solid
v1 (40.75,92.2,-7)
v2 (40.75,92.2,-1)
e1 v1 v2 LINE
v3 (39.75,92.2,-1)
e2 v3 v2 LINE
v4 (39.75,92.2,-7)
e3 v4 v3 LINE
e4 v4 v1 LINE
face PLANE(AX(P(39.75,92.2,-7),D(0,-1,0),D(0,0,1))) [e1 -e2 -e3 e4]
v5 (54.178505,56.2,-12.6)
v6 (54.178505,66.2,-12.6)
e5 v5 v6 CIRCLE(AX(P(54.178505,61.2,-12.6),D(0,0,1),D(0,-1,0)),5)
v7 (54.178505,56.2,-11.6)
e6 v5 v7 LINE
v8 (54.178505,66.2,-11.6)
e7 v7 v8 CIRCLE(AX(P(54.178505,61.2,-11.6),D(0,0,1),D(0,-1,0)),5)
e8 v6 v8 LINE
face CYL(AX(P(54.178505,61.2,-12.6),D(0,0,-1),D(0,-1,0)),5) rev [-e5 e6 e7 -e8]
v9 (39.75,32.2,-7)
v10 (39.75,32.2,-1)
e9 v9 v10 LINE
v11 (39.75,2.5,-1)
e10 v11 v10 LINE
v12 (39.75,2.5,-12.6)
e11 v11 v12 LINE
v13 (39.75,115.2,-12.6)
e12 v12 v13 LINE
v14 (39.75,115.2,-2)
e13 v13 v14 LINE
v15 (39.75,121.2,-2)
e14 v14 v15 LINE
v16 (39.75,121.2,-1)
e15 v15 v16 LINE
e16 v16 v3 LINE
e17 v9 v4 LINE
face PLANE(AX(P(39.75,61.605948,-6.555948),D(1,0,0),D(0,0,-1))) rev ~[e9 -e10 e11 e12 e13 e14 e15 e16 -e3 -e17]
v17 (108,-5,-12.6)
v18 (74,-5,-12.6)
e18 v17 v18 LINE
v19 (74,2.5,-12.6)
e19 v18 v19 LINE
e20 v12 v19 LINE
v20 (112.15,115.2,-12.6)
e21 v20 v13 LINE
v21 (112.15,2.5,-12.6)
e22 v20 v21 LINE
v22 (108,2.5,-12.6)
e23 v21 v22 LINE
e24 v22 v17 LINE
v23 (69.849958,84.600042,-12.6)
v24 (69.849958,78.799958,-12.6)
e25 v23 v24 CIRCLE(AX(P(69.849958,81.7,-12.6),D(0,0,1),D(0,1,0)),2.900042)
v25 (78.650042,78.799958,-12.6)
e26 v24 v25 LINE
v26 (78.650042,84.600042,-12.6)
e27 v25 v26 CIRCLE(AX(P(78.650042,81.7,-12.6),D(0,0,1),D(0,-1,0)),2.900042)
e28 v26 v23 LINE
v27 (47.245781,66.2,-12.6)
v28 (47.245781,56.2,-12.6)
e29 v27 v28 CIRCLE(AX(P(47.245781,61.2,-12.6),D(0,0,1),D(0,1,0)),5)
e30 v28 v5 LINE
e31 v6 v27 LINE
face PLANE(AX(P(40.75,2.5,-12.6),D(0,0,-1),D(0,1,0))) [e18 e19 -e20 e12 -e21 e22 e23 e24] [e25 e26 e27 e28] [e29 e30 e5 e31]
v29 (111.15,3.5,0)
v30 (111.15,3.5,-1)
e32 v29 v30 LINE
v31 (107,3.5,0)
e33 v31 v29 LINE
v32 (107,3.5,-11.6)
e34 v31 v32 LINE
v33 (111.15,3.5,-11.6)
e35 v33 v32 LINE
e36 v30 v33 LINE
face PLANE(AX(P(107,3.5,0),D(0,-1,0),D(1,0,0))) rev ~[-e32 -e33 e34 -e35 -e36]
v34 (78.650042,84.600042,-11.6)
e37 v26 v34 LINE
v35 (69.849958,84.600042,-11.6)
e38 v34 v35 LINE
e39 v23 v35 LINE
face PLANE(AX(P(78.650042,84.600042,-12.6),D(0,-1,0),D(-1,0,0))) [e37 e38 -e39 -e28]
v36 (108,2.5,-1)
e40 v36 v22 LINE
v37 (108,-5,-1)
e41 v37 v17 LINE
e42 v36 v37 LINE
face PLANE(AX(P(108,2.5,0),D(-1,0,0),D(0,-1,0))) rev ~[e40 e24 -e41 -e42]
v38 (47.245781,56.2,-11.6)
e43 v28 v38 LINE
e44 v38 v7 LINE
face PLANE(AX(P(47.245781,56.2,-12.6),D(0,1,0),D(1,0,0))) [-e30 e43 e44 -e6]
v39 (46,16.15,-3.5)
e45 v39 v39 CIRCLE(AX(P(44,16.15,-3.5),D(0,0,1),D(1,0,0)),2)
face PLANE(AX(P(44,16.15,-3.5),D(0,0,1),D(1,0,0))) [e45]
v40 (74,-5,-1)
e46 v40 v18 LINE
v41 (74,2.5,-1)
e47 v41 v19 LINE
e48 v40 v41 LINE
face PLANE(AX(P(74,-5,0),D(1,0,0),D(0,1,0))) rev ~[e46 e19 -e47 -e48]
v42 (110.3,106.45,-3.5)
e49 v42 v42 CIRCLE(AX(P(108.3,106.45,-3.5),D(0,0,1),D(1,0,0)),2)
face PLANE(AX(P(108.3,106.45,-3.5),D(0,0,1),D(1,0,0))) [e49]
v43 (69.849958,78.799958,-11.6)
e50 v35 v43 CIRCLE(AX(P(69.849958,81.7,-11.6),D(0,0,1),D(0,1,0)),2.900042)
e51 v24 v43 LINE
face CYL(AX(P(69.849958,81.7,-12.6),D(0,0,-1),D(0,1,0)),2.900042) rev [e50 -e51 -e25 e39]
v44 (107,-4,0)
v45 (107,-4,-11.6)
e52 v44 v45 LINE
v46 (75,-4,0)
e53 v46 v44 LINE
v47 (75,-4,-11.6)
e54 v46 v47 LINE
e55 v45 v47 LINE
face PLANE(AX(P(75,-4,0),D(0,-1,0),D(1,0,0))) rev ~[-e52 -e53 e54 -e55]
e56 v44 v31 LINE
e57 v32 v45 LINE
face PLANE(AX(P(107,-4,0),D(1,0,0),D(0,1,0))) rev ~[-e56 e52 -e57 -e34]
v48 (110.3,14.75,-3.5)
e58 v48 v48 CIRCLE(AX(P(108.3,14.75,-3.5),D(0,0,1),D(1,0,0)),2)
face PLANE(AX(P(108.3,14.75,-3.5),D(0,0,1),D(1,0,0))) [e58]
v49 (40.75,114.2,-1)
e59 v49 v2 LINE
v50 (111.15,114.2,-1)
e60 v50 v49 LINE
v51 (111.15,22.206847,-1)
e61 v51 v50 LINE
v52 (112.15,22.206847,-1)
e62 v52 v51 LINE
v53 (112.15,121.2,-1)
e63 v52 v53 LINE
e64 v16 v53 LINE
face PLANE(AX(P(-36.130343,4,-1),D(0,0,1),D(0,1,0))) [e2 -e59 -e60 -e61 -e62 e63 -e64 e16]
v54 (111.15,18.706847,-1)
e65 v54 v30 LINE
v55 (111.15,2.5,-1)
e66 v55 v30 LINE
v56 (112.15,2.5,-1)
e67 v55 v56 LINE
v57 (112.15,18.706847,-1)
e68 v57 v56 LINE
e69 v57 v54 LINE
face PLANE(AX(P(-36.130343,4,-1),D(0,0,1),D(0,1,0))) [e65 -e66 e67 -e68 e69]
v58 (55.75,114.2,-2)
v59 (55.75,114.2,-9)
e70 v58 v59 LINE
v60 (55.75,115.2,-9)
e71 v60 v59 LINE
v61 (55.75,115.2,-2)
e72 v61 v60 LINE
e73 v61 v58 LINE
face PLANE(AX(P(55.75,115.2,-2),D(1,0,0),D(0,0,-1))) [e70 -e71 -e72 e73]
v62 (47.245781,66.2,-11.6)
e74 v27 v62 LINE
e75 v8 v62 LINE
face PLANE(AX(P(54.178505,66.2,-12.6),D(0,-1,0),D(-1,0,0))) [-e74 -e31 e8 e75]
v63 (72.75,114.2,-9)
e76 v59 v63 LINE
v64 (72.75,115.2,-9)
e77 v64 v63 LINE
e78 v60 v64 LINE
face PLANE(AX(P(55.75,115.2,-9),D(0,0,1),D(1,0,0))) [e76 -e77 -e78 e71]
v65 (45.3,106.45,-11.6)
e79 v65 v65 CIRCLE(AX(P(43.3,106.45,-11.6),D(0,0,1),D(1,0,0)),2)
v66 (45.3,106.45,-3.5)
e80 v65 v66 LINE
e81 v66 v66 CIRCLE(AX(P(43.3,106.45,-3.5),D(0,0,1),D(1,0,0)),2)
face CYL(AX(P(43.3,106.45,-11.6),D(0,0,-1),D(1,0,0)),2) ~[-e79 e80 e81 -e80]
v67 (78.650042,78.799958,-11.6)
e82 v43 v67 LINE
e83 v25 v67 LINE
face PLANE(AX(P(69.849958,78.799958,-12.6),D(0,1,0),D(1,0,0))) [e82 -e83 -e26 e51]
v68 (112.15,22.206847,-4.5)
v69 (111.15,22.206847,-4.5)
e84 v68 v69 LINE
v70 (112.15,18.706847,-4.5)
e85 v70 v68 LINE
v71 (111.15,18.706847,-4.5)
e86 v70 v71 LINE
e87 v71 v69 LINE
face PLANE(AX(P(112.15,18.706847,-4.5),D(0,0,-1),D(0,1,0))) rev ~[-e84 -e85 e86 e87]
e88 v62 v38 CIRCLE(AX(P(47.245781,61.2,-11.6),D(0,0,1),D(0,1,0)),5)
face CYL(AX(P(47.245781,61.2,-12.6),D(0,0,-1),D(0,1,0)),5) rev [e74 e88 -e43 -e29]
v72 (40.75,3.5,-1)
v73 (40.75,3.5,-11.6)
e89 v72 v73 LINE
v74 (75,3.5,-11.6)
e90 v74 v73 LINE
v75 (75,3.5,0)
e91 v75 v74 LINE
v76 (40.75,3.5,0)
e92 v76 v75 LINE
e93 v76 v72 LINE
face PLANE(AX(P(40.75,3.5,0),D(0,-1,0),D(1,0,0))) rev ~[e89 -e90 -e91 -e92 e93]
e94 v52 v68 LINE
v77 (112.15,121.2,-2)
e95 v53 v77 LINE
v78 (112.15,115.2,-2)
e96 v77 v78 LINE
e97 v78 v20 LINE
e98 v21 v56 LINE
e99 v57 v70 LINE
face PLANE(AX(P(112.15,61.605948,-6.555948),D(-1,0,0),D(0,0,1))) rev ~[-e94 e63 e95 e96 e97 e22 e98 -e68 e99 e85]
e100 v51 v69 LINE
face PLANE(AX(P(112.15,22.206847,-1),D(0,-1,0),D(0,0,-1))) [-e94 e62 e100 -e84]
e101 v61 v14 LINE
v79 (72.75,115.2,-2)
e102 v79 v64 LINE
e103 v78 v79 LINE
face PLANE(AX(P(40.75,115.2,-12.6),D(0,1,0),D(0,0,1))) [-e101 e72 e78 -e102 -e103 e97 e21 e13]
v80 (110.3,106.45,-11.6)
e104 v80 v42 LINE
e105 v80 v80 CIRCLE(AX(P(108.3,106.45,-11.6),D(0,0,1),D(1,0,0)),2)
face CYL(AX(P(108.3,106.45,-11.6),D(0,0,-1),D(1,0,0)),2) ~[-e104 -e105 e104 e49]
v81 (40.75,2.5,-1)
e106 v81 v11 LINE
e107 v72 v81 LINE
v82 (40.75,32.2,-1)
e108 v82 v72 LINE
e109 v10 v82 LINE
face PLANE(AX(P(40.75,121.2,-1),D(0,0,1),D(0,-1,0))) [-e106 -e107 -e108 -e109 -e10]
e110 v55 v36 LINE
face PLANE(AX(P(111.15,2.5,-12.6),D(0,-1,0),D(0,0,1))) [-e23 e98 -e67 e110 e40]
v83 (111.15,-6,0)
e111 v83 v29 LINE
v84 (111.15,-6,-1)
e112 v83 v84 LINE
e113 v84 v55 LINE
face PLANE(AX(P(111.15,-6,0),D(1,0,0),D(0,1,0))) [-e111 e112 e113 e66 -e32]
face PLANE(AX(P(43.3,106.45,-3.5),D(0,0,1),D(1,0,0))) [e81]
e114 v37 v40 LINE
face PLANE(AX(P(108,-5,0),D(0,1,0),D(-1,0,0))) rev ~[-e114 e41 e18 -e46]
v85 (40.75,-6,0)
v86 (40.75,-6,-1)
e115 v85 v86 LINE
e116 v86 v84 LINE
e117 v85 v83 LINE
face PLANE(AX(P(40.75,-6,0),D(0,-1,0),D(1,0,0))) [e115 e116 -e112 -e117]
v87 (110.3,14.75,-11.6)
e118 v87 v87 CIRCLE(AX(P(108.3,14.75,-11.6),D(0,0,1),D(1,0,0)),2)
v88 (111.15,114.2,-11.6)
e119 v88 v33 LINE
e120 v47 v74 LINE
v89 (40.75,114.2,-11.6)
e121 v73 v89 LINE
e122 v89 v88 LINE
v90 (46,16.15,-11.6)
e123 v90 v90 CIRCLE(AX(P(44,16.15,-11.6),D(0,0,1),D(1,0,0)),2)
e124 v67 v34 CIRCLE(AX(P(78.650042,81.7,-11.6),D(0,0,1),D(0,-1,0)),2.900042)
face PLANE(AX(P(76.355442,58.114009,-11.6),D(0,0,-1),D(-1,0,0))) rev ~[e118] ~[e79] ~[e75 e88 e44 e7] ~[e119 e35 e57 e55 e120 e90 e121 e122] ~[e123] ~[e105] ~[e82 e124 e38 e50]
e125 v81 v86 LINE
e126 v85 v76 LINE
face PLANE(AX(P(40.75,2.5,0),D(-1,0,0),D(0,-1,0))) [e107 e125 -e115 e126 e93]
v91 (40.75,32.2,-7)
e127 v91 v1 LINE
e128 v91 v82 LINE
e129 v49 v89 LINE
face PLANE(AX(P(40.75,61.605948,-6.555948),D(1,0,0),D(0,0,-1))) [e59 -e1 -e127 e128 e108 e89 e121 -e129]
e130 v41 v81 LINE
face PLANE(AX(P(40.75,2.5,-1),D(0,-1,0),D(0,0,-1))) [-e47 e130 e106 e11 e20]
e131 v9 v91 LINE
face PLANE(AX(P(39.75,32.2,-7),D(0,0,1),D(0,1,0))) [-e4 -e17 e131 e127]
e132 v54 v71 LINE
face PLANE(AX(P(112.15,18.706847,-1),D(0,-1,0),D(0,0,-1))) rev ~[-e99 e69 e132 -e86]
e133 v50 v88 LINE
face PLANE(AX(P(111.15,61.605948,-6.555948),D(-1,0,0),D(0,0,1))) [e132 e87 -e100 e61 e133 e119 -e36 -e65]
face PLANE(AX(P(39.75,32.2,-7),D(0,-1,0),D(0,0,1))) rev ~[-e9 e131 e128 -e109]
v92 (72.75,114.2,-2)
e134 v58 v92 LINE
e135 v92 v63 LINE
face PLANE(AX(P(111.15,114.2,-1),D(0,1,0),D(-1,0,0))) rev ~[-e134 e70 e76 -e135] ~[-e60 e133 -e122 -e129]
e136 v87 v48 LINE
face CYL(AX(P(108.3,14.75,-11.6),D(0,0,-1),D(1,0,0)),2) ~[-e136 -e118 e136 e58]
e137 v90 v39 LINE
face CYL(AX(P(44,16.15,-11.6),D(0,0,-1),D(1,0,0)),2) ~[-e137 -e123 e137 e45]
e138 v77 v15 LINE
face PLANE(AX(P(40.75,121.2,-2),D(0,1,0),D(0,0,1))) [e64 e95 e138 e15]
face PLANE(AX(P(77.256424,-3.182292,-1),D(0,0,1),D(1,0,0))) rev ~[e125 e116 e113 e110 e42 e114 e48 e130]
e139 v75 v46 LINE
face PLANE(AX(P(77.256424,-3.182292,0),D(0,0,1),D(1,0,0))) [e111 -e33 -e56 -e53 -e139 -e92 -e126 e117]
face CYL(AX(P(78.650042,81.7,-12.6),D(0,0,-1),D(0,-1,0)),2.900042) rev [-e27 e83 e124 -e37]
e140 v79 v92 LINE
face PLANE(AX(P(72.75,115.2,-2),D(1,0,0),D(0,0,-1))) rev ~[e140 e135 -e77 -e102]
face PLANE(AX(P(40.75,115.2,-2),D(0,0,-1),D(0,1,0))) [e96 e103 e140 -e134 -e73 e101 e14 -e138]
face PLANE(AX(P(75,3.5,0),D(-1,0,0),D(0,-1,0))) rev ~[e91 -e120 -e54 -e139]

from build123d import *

# Parameters (mm, degrees)
ESBO_O1_W                     = 170.2
ESBO_O1_H                     = 111.2
RESSALTO_EXTRUS_O1_DEPTH      = 0.9
ESBO_O4_W                     = 176.2
ESBO_O4_H                     = 117.2
RESSALTO_EXTRUS_O3_DEPTH      = 1
ESBO_O5_W                     = 32
ESBO_O5_H                     = 1.9
CORTE_EXTRUS_O3_DEPTH         = 5
ESBO_O7_W                     = 70.4
ESBO_O7_H                     = 6
ESBO_O7_H_2                   = 1
RESSALTO_EXTRUS_O4_DEPTH      = 1
ESBO_O7_3_W                   = 70.4
ESBO_O7_3_H                   = 1
RESSALTO_EXTRUS_O5_DEPTH      = 11.6
RESSALTO_EXTRUS_O6_START      = 11.6
RESSALTO_EXTRUS_O6_DEPTH      = 1
RESSALTO_EXTRUS_O7_DEPTH      = 11.6
RESSALTO_EXTRUS_O7_DEPTH_BACK = 1
RESSALTO_EXTRUS_O8_START      = -1
RESSALTO_EXTRUS_O8_DEPTH      = 1
RESSALTO_EXTRUS_O9_DEPTH      = 1
RESSALTO_EXTRUS_O10_DEPTH     = 1
ESBO_O11_W                    = 6
ESBO_O11_H                    = 60
CORTE_EXTRUS_O4_DEPTH         = 1
ESBO_O12_W                    = 3.5
ESBO_O12_H                    = 3.5
CORTE_EXTRUS_O5_DEPTH         = 1
ESBO_O13_W                    = 17
ESBO_O13_H                    = 7
CORTE_EXTRUS_O6_DEPTH         = 1
CORTE_EXTRUS_O7_DEPTH         = 1
CORTE_EXTRUS_O8_DEPTH         = 1
CORTE_EXTRUS_O9_DEPTH         = 215.230343322
CORTE_EXTRUS_O9_DEPTH_BACK    = 215.230343322
ESBO_O17_W                    = 40.80761737
ESBO_O17_H                    = 153.828822039
ESBO_O18_R                    = 2
RESSALTO_EXTRUS_O11_DEPTH     = 8.1


with BuildPart() as part:
    # Esboço1 → Ressalto-extrusão1 (new body)
    with BuildSketch(Plane.XY):
        with Locations((91, 62.6)):
            Rectangle(ESBO_O1_W, ESBO_O1_H)
    extrude(amount=RESSALTO_EXTRUS_O1_DEPTH)

    # Esboço4 → Ressalto-extrusão3 (add)
    with BuildSketch(Plane(origin=(0, 0, 0), x_dir=(-1, 0, 0), z_dir=(0, 0, -1))):
        with Locations((-91, 62.6)):
            Rectangle(ESBO_O4_W, ESBO_O4_H)
    extrude(amount=RESSALTO_EXTRUS_O3_DEPTH)

    # Esboço5 → Corte-extrusão3 (cut)
    with BuildSketch(Plane.XZ.offset(-4)):
        with Locations((91, -0.05)):
            Rectangle(ESBO_O5_W, ESBO_O5_H)
    extrude(amount=-CORTE_EXTRUS_O3_DEPTH, mode=Mode.SUBTRACT)

    # Esboço7 → Ressalto-extrusão4 (add)
    with BuildSketch(Plane(origin=(0, 0, -1), x_dir=(-1, 0, 0), z_dir=(0, 0, -1))):
        with Locations((-75.95, 118.2)):
            Rectangle(ESBO_O7_W, ESBO_O7_H)
        with Locations((-75.95, 114.7)):
            Rectangle(ESBO_O7_W, ESBO_O7_H_2)
    extrude(amount=RESSALTO_EXTRUS_O4_DEPTH)

    # Esboço7<3> → Ressalto-extrusão5 (add)
    with BuildSketch(Plane(origin=(0, 0, -1), x_dir=(-1, 0, 0), z_dir=(0, 0, -1))):
        with Locations((-75.95, 114.7)):
            Rectangle(ESBO_O7_3_W, ESBO_O7_3_H)
    extrude(amount=RESSALTO_EXTRUS_O5_DEPTH)

    # Esboço7<4> → Ressalto-extrusão6 (add)
    with BuildSketch(Plane(origin=(0, 0, -1), x_dir=(-1, 0, 0), z_dir=(0, 0, -1)).offset(RESSALTO_EXTRUS_O6_START)):
        Polygon((-40.75, 114.2), (-111.15, 114.2), (-111.15, 4), (-107, 4), (-107, 9), (-75, 9), (-75, 4), (-40.75, 4), align=None)
        Polygon((-107, 4), (-111.15, 4), (-111.15, 3.5), (-107, 3.5), (-107, -4), (-75, -4), (-75, 3.5), (-40.75, 3.5), (-40.75, 4), (-75, 4), (-75, 9), (-107, 9), align=None)
        Polygon((-107, 3.5), (-111.15, 3.5), (-111.15, 2.5), (-108, 2.5), (-108, -5), (-74, -5), (-74, 2.5), (-40.75, 2.5), (-40.75, 3.5), (-75, 3.5), (-75, -4), (-107, -4), align=None)
    extrude(amount=-RESSALTO_EXTRUS_O6_DEPTH)

    # Esboço7<5> → Ressalto-extrusão7 (add, two sides: drawn at the far end of the back side and taken through both)
    with BuildSketch(Plane(origin=(0, 0, -1), x_dir=(-1, 0, 0), z_dir=(0, 0, -1)).offset(-RESSALTO_EXTRUS_O7_DEPTH_BACK)):
        Polygon((-107, 3.5), (-111.15, 3.5), (-111.15, 2.5), (-108, 2.5), (-108, -5), (-74, -5), (-74, 2.5), (-40.75, 2.5), (-40.75, 3.5), (-75, 3.5), (-75, -4), (-107, -4), align=None)
    extrude(amount=RESSALTO_EXTRUS_O7_DEPTH + RESSALTO_EXTRUS_O7_DEPTH_BACK)

    # Esboço7<6> → Ressalto-extrusão8 (add)
    with BuildSketch(Plane(origin=(0, 0, -1), x_dir=(-1, 0, 0), z_dir=(0, 0, -1)).offset(RESSALTO_EXTRUS_O8_START)):
        Polygon((-74, 2.5), (-40.75, 2.5), (-40.75, -6), (-111.15, -6), (-111.15, 2.5), (-108, 2.5), (-108, -5), (-74, -5), align=None)
    extrude(amount=RESSALTO_EXTRUS_O8_DEPTH)

    # Esboço8 → Ressalto-extrusão9 (add)
    with BuildSketch(Plane(origin=(111.15, 0, 0), x_dir=(0, 0, -1), z_dir=(1, 0, 0))):
        Polygon((1, 121.2), (2, 121.2), (2, 115.2), (12.6, 115.2), (12.6, 2.5), (1, 2.5), align=None)
    extrude(amount=RESSALTO_EXTRUS_O9_DEPTH)

    # Esboço9 → Ressalto-extrusão10 (add)
    with BuildSketch(Plane.ZY.offset(-40.75)):
        Polygon((-2, 121.2), (-1, 121.2), (-1, 2.5), (-12.6, 2.5), (-12.6, 115.2), (-2, 115.2), align=None)
    extrude(amount=RESSALTO_EXTRUS_O10_DEPTH)

    # Esboço11 → Corte-extrusão4 (cut)
    with BuildSketch(Plane.ZY.offset(-39.75)):
        with Locations((-4, 62.2)):
            Rectangle(ESBO_O11_W, ESBO_O11_H)
    extrude(amount=-CORTE_EXTRUS_O4_DEPTH, mode=Mode.SUBTRACT)

    # Esboço12 → Corte-extrusão5 (cut)
    with BuildSketch(Plane(origin=(112.15, 0, 0), x_dir=(0, 0, -1), z_dir=(1, 0, 0))):
        with Locations((2.75, 20.456846579)):
            Rectangle(ESBO_O12_W, ESBO_O12_H)
    extrude(amount=-CORTE_EXTRUS_O5_DEPTH, mode=Mode.SUBTRACT)

    # Esboço13 → Corte-extrusão6 (cut)
    with BuildSketch(Plane(origin=(0, 115.2, 0), x_dir=(1, 0, 0), z_dir=(0, 1, 0))):
        with Locations((64.25, 5.5)):
            Rectangle(ESBO_O13_W, ESBO_O13_H)
    extrude(amount=-CORTE_EXTRUS_O6_DEPTH, mode=Mode.SUBTRACT)

    # Esboço14 → Corte-extrusão7 (cut)
    with BuildSketch(Plane(origin=(0, 0, -12.6), x_dir=(-1, 0, 0), z_dir=(0, 0, -1))):
        with BuildLine():
            Line((-54.178505269, 66.2), (-47.245781338, 66.2))
            ThreePointArc((-47.245781338, 66.2), (-42.245781338, 61.2), (-47.245781338, 56.2))
            Line((-47.245781338, 56.2), (-54.178505269, 56.2))
            ThreePointArc((-54.178505269, 56.2), (-59.178505269, 61.2), (-54.178505269, 66.2))
        make_face()
    extrude(amount=-CORTE_EXTRUS_O7_DEPTH, mode=Mode.SUBTRACT)

    # Esboço15 → Corte-extrusão8 (cut)
    with BuildSketch(Plane(origin=(0, 0, -12.6), x_dir=(-1, 0, 0), z_dir=(0, 0, -1))):
        with BuildLine():
            Line((-78.65004231, 84.60004231), (-69.84995769, 84.60004231))
            ThreePointArc((-69.84995769, 84.60004231), (-66.949915379, 81.7), (-69.84995769, 78.79995769))
            Line((-69.84995769, 78.79995769), (-78.65004231, 78.79995769))
            ThreePointArc((-78.65004231, 78.79995769), (-81.550084621, 81.7), (-78.65004231, 84.60004231))
        make_face()
    extrude(amount=-CORTE_EXTRUS_O8_DEPTH, mode=Mode.SUBTRACT)

    # Esboço17 → Corte-extrusão9 (cut, two sides: drawn at the far end of the back side and taken through both)
    with BuildSketch(Plane(origin=(179.1, 0, 0), x_dir=(0, 0, -1), z_dir=(1, 0, 0)).offset(-CORTE_EXTRUS_O9_DEPTH_BACK)):
        with Locations((-19.403808685, 80.91441102)):
            Rectangle(ESBO_O17_W, ESBO_O17_H)
    extrude(amount=CORTE_EXTRUS_O9_DEPTH + CORTE_EXTRUS_O9_DEPTH_BACK, mode=Mode.SUBTRACT)

    # Esboço18 → Ressalto-extrusão11 (add)
    with BuildSketch(Plane.XY.offset(-11.6)):
        with Locations((43.3, 106.45)):
            Circle(ESBO_O18_R)
        with Locations((108.3, 106.45)):
            Circle(ESBO_O18_R)
        with Locations((108.3, 14.75)):
            Circle(ESBO_O18_R)
        with Locations((44, 16.15)):
            Circle(ESBO_O18_R)
    extrude(amount=RESSALTO_EXTRUS_O11_DEPTH)


solid = part.part
